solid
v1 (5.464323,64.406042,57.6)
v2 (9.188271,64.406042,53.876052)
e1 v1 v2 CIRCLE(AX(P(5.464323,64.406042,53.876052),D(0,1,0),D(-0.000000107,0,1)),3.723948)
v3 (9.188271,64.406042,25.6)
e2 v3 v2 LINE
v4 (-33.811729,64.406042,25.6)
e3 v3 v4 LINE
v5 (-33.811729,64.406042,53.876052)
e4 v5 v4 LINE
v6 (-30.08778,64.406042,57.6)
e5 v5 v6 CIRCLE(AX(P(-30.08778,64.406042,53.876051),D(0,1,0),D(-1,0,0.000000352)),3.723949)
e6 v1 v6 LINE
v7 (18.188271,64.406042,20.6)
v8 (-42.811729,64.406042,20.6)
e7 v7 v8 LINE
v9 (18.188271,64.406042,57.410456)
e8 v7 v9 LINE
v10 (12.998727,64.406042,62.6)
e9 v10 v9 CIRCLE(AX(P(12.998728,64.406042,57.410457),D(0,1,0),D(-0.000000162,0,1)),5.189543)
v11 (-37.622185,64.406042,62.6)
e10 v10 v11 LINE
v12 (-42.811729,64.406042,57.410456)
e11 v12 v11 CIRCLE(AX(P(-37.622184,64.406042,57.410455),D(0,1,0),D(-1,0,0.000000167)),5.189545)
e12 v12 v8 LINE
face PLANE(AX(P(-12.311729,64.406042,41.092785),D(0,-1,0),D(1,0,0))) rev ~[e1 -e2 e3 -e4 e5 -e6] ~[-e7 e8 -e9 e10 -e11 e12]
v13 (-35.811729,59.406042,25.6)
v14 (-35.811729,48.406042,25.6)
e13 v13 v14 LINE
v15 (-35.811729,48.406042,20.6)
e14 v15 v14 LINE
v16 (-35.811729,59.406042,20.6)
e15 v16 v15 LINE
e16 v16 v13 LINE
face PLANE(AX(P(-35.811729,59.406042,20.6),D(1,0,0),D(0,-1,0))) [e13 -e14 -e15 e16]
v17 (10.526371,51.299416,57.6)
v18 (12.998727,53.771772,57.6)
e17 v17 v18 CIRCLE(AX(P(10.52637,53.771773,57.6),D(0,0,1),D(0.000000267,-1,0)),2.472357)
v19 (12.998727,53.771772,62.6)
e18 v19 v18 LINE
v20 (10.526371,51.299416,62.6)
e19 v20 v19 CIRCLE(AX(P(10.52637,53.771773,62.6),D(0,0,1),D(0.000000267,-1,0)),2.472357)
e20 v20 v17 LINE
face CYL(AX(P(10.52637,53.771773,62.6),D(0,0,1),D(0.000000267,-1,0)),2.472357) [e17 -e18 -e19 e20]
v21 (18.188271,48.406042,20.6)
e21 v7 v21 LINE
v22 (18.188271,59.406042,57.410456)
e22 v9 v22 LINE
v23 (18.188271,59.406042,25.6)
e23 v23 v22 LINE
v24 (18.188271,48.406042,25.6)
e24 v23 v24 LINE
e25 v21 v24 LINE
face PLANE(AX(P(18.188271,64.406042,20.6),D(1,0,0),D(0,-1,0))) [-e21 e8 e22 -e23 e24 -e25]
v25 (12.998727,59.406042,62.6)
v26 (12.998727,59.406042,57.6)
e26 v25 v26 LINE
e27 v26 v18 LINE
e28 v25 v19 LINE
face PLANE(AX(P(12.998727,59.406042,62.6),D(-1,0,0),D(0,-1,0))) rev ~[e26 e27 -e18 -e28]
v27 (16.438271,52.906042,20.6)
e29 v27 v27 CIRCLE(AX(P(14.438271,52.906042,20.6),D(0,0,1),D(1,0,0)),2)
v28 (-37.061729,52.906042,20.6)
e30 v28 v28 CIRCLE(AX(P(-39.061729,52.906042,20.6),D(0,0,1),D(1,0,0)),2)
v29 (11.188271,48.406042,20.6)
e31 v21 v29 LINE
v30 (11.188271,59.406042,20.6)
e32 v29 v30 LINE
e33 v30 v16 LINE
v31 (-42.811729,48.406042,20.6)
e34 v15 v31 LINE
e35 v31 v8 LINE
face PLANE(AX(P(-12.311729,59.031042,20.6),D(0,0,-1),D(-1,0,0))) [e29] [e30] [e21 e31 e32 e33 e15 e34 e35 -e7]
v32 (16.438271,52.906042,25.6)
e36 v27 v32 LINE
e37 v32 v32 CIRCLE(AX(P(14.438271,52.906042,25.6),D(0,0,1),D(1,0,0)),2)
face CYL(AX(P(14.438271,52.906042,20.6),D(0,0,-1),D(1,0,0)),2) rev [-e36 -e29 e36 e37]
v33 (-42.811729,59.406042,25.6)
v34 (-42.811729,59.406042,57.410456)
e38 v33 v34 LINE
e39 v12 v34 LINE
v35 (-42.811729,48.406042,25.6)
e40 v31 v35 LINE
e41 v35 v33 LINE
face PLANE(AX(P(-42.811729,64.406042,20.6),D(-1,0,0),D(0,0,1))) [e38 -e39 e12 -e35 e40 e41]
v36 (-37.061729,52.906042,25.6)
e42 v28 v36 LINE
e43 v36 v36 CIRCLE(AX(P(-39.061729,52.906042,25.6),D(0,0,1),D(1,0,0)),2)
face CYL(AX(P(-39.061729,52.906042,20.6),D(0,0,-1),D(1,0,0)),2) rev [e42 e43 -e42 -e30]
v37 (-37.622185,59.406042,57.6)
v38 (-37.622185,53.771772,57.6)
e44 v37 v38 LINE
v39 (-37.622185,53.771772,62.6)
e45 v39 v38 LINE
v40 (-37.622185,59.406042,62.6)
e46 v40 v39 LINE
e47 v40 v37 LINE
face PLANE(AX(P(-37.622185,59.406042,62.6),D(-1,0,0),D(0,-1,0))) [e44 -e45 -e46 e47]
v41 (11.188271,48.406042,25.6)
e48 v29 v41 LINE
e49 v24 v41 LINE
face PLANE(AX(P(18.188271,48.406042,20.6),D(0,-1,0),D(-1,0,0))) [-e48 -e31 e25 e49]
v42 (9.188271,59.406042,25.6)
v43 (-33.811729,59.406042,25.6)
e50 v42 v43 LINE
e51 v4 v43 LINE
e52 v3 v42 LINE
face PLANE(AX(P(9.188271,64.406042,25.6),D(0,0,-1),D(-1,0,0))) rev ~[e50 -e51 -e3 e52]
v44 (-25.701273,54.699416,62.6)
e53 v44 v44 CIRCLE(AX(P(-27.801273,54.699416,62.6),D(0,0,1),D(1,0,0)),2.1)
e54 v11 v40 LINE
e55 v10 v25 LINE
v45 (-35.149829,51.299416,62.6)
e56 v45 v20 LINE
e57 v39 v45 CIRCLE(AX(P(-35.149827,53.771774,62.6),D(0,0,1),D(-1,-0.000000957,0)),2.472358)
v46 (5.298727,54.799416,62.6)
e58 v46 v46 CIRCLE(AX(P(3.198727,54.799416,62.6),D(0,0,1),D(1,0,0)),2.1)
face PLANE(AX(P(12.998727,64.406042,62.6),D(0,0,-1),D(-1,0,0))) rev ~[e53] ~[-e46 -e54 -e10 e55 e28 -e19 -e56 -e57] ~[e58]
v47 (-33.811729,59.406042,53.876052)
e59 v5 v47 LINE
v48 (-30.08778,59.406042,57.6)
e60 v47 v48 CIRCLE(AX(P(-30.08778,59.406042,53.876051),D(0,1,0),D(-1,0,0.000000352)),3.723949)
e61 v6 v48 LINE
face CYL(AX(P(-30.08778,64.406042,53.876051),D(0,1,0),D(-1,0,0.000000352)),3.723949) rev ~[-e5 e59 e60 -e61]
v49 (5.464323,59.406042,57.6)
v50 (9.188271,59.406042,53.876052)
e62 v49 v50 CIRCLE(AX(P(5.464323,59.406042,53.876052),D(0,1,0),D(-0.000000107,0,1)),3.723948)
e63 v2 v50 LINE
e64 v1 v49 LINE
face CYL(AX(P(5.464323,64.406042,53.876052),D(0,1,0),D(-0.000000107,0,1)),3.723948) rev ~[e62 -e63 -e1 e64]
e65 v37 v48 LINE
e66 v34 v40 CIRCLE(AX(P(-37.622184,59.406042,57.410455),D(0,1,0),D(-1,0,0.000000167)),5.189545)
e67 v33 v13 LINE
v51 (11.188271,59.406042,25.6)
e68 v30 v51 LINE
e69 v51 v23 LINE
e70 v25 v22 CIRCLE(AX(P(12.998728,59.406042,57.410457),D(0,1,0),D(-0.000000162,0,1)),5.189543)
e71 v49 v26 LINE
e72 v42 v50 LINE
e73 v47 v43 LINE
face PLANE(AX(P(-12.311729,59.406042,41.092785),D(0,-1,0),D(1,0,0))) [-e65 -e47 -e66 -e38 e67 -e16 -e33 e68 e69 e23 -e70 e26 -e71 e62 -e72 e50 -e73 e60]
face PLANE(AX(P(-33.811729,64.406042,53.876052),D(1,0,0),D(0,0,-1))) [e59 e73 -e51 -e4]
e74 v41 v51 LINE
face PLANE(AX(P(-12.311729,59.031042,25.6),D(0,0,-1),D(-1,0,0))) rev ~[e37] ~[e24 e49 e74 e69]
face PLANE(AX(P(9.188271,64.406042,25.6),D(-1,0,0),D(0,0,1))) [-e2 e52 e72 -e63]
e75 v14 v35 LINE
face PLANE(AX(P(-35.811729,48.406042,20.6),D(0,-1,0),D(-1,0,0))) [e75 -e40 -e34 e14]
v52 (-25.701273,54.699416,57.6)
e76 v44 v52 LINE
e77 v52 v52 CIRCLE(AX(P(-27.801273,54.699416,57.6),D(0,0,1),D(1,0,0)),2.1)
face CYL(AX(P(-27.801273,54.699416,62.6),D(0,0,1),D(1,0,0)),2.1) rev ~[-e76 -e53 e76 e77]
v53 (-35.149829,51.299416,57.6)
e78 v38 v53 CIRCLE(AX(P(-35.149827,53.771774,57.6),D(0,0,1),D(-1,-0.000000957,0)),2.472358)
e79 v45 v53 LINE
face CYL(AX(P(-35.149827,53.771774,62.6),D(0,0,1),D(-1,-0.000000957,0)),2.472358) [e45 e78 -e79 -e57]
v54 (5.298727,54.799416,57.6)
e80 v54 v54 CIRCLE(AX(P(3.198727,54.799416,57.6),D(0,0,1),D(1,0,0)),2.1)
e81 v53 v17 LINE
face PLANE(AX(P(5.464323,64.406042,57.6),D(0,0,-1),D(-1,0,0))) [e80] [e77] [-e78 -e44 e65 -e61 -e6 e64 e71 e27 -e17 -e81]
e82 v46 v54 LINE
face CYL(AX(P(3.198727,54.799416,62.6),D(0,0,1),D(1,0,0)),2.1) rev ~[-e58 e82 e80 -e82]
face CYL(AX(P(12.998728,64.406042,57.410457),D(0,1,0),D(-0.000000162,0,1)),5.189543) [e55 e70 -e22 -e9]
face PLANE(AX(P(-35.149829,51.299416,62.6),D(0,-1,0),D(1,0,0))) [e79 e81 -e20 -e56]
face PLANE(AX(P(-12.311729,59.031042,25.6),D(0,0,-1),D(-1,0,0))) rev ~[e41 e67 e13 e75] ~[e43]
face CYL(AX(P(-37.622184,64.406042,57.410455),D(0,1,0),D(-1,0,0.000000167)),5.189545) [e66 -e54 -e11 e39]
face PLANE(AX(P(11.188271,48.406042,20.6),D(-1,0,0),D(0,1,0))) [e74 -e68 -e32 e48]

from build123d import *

# Parameters (mm, degrees)
EXTRUDE010_DEPTH = 5
SKETCH010_R      = 2
EXTRUDE009_DEPTH = 5
SKETCH012_R      = 2.1
EXTRUDE011_DEPTH = 5


with BuildPart() as extrude010:
    # Sketch011 (on Face6 of Extrude009) → Extrude010 (new body)
    with BuildSketch(Plane(origin=(0, 64.406042, 20.6), x_dir=(-1, 0, 0), z_dir=(0, 1, 0))):
        with BuildLine():
            Line((-18.188271, 0), (-18.188271, 36.810456))
            ThreePointArc((-12.998727, 42), (-16.668289, 40.480018), (-18.188271, 36.810456))
            Line((-12.998727, 42), (37.622185, 42))
            ThreePointArc((42.811729, 36.810456), (41.291746, 40.480018), (37.622185, 42))
            Line((42.811729, 0), (42.811729, 36.810456))
            Line((-18.188271, 0), (42.811729, 0))
        make_face()
        with BuildLine():
            Line((-9.188271, 5), (-9.188271, 33.276052))
            ThreePointArc((-5.464323, 37), (-8.097552, 35.909281), (-9.188271, 33.276052))
            Line((-5.464323, 37), (30.08778, 37))
            ThreePointArc((33.811729, 33.276052), (32.721009, 35.909281), (30.08778, 37))
            Line((33.811729, 33.276052), (33.811729, 5))
            Line((-9.188271, 5), (33.811729, 5))
        make_face(mode=Mode.SUBTRACT)
    extrude(amount=-EXTRUDE010_DEPTH)


with BuildPart() as extrude009:
    # Sketch010 → Extrude009 (new body)
    with BuildSketch(Plane.XY):
        Polygon((11.188271, 48.406042), (11.188271, 59.406042), (-35.811729, 59.406042), (-35.811729, 48.406042), (-42.811729, 48.406042), (-42.811729, 64.406042), (18.188271, 64.406042), (18.188271, 48.406042), align=None)
        with Locations((-39.061729, 52.906042)):
            Circle(SKETCH010_R, mode=Mode.SUBTRACT)
        with Locations((14.438271, 52.906042)):
            Circle(SKETCH010_R, mode=Mode.SUBTRACT)
    extrude(amount=EXTRUDE009_DEPTH)


with BuildPart() as extrude009_1:
    # Extrude009 placement: moved
    add(extrude009.part.moved(Location((0, 0, 20.6))))


with BuildPart() as pcb_holder_fusion:
    # Sketch012 (on Face3 of Extrude010) → Extrude011 (new body)
    with BuildSketch(Plane.XY.offset(62.6)):
        with BuildLine():
            Line((-37.622185, 64.406042), (-37.622185, 58.771772))
            ThreePointArc((-37.622185, 58.771772), (-36.898048, 57.023553), (-35.149829, 56.299416))
            Line((-35.149829, 56.299416), (10.526371, 56.299416))
            ThreePointArc((10.526371, 56.299416), (12.274591, 57.023553), (12.998727, 58.771772))
            Line((12.998727, 64.406042), (12.998727, 58.771772))
            Line((-37.622185, 64.406042), (12.998727, 64.406042))
        make_face()
        with Locations((-27.801273, 59.699416)):
            Circle(SKETCH012_R, mode=Mode.SUBTRACT)
        with Locations((3.198727, 59.799416)):
            Circle(SKETCH012_R, mode=Mode.SUBTRACT)
    extrude(amount=-EXTRUDE011_DEPTH)


with BuildPart() as pcb_holder_fusion_1:
    # Extrude011 placement: moved
    add(pcb_holder_fusion.part.moved(Location((0, -5, 0))))

    # Fusion012: union Extrude010, Extrude009
    add(extrude010.part)
    add(extrude009_1.part)


solid = pcb_holder_fusion_1.part
